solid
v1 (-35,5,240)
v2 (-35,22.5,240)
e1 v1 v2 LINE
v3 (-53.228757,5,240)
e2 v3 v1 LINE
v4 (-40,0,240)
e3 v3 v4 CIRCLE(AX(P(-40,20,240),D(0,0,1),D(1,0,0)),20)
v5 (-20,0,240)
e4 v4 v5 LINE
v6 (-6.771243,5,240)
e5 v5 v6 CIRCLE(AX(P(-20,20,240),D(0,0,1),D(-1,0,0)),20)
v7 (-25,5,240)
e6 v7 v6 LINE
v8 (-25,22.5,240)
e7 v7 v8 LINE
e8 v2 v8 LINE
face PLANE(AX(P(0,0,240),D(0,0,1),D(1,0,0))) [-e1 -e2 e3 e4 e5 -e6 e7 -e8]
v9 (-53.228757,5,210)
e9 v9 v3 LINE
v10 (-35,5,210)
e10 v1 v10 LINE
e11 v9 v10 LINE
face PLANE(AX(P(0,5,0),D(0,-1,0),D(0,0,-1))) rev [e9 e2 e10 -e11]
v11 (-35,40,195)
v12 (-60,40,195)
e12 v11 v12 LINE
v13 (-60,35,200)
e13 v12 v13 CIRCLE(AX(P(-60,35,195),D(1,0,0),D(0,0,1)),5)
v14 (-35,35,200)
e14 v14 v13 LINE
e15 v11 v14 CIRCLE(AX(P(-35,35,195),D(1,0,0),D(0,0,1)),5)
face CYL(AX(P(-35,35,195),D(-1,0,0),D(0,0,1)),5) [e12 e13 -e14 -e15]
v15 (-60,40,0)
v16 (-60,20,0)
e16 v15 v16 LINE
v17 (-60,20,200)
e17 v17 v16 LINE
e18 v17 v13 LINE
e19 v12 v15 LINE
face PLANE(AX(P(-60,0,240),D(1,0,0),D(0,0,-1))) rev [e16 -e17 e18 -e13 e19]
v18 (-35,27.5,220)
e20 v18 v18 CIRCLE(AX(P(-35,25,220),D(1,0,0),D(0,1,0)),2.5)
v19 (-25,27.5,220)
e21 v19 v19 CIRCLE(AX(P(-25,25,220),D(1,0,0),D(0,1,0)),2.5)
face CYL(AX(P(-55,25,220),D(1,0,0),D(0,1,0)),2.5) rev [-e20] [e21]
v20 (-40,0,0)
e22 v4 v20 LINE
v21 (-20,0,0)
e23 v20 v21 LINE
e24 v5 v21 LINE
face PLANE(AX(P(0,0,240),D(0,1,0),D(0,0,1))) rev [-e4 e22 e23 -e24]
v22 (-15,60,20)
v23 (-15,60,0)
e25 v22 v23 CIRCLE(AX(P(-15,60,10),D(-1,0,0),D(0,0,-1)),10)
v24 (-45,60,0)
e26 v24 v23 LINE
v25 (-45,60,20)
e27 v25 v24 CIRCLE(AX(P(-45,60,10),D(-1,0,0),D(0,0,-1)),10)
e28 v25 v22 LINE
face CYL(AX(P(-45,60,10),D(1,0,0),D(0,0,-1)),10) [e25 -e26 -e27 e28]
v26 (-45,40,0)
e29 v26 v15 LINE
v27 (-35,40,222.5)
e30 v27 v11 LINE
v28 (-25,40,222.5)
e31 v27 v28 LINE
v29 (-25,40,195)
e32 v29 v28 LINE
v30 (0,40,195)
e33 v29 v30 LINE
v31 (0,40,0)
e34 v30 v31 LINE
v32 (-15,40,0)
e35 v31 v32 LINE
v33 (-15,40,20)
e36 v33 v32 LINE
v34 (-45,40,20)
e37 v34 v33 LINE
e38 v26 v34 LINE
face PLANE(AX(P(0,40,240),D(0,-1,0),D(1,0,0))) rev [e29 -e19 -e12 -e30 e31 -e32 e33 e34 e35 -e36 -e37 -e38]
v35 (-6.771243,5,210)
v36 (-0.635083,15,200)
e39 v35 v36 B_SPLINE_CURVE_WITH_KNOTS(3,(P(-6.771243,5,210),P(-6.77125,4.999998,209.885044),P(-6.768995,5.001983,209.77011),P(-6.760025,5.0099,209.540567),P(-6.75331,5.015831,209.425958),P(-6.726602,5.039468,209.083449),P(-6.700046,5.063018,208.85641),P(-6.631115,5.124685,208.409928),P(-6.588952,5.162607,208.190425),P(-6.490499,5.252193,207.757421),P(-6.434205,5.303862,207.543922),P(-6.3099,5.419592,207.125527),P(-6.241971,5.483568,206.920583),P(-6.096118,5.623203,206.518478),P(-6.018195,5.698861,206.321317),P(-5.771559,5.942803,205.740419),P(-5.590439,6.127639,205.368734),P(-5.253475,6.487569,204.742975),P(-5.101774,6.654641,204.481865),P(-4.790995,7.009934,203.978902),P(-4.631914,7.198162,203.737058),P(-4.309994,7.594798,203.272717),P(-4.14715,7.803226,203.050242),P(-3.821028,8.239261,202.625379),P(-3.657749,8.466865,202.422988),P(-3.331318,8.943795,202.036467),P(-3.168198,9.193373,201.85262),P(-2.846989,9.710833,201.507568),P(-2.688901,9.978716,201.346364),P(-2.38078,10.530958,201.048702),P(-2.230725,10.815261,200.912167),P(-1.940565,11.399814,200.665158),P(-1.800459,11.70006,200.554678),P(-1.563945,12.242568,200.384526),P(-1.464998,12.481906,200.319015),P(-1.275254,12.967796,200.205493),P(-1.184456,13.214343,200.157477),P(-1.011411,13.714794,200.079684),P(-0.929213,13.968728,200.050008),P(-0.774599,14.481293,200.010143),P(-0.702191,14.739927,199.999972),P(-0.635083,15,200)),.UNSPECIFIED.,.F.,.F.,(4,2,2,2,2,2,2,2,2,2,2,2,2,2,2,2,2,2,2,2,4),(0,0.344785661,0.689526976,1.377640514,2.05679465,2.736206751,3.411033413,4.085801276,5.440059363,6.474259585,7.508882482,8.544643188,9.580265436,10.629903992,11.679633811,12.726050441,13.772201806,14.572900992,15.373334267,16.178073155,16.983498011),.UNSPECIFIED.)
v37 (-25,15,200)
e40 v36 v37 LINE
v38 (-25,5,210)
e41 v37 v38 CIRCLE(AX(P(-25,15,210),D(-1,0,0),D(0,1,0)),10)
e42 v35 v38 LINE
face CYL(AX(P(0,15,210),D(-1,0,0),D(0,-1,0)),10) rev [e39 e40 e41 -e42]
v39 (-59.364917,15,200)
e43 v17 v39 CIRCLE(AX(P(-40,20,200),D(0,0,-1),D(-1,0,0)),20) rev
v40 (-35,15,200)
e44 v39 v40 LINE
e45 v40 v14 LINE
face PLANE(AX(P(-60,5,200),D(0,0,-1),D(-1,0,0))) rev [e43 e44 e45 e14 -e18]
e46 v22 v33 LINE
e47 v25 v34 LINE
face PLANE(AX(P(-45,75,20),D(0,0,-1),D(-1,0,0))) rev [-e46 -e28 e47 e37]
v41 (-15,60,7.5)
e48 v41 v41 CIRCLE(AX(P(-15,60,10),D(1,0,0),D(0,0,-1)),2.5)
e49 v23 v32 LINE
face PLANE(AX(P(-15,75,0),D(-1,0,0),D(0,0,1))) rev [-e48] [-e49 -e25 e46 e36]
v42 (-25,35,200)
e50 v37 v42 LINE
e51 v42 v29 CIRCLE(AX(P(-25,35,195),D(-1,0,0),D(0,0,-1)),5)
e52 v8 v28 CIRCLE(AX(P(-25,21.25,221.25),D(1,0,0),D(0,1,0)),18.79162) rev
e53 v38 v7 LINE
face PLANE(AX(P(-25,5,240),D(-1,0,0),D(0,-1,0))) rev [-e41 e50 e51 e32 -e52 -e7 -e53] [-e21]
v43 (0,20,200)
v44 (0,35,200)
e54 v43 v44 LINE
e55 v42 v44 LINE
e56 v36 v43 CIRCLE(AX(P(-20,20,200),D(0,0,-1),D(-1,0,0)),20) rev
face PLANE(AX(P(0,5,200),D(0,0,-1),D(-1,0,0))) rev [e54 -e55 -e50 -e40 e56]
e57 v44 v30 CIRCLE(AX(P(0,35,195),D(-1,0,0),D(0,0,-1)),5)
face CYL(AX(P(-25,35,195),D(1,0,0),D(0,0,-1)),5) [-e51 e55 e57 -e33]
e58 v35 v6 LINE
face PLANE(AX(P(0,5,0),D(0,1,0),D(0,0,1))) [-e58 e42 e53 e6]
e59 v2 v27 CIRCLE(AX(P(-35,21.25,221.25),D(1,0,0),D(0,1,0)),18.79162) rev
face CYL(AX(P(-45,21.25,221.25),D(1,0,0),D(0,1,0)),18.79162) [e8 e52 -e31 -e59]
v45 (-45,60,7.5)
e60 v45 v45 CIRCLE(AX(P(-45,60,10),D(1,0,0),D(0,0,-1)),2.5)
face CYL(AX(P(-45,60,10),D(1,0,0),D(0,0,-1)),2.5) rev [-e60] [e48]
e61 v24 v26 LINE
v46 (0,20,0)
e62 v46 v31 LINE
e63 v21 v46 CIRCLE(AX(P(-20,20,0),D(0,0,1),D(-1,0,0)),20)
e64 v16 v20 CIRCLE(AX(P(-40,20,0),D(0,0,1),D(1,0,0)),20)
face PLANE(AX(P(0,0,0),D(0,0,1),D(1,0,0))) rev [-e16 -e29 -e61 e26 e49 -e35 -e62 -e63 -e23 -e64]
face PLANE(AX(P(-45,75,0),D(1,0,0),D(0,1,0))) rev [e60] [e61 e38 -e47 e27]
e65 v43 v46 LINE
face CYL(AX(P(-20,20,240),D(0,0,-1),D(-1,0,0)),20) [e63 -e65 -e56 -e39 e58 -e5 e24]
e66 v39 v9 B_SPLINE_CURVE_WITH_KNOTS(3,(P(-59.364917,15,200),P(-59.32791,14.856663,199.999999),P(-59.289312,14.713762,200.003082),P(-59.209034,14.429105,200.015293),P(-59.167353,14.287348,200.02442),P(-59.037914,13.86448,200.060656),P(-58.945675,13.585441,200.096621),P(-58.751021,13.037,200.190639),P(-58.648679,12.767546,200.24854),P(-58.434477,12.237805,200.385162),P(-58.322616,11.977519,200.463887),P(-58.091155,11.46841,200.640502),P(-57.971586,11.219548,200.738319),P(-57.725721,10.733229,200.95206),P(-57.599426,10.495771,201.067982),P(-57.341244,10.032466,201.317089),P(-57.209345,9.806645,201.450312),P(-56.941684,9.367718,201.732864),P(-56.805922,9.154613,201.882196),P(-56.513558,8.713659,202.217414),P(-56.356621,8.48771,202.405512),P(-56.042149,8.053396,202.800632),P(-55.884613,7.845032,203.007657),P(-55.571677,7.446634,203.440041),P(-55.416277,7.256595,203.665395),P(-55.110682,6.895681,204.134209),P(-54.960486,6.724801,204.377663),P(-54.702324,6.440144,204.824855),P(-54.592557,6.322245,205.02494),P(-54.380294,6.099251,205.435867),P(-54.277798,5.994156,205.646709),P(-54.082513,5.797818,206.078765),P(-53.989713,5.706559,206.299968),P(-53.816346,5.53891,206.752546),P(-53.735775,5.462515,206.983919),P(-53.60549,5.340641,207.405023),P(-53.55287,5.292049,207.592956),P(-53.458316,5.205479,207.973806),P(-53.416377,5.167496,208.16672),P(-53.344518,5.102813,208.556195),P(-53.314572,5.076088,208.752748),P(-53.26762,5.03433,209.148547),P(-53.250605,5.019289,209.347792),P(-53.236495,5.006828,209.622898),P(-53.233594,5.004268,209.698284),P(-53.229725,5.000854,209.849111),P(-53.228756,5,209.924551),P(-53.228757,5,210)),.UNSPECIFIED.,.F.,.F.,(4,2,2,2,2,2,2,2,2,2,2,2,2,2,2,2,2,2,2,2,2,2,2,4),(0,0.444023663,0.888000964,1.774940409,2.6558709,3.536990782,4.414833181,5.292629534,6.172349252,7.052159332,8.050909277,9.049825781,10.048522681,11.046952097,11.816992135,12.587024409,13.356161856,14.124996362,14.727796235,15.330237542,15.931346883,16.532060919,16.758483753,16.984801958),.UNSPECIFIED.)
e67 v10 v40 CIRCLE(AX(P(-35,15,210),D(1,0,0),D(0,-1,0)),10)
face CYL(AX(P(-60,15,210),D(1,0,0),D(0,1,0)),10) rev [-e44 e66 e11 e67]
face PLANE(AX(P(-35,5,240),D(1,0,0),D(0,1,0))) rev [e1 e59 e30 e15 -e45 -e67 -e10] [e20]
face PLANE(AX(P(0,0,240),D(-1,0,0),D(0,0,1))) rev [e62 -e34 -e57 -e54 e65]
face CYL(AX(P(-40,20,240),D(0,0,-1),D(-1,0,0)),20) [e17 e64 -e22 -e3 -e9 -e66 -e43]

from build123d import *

# Parameters (mm, degrees)
SKETCH1_W           = 60
SKETCH1_H           = 40
BOSS_EXTRUDE1_DEPTH = 240
SKETCH2_W           = 25
SKETCH2_H           = 40
CUT_EXTRUDE1_DEPTH  = 35
BOSS_EXTRUDE7_DEPTH = 25
BOSS_EXTRUDE5_START = 25
BOSS_EXTRUDE5_DEPTH = 25
SKETCH3_W           = 30
SKETCH3_H           = 20
BOSS_EXTRUDE2_DEPTH = 35
SKETCH5_R           = 2.5
CUT_EXTRUDE3_DEPTH  = 30
CUT_EXTRUDE4_DEPTH  = 240
CUT_EXTRUDE5_DEPTH  = 20
CUT_EXTRUDE6_DEPTH  = 25
CUT_EXTRUDE7_START  = -25
CUT_EXTRUDE7_DEPTH  = 25
SKETCH19_R          = 2.5
CUT_EXTRUDE8_DEPTH  = 30
CUT_EXTRUDE9_DEPTH  = 30


with BuildPart() as part:
    # Sketch1 → Boss-Extrude1 (new body)
    with BuildSketch(Plane.XY):
        with Locations((-30, 20)):
            Rectangle(SKETCH1_W, SKETCH1_H)
    extrude(amount=BOSS_EXTRUDE1_DEPTH)

    # Sketch2 → Cut-Extrude1 (cut)
    with BuildSketch(Plane(origin=(0, 40, 0), x_dir=(1, 0, 0), z_dir=(0, 1, 0))):
        with Locations((-47.5, -220)):
            Rectangle(SKETCH2_W, SKETCH2_H)
        with Locations((-12.5, -220)):
            Rectangle(SKETCH2_W, SKETCH2_H)
    extrude(amount=-CUT_EXTRUDE1_DEPTH, mode=Mode.SUBTRACT)

    # Sketch18 → Boss-Extrude7 (add)
    with BuildSketch(Plane(origin=(-25, 0, 0), x_dir=(0, 0, -1), z_dir=(1, 0, 0))):
        with BuildLine():
            Line((-200, 5), (-210, 5))
            ThreePointArc((-210, 5), (-202.928932188, 7.928932188), (-200, 15))
            Line((-200, 15), (-200, 5))
        make_face()
    extrude(amount=BOSS_EXTRUDE7_DEPTH)

    # Sketch16 → Boss-Extrude5 (add)
    with BuildSketch(Plane.ZY.offset(35).offset(BOSS_EXTRUDE5_START)):
        with BuildLine():
            Line((200, 15), (160, 5))
            Line((160, 5), (210, 5))
            ThreePointArc((210, 5), (202.928932188, 7.928932188), (200, 15))
        make_face()
    extrude(amount=-BOSS_EXTRUDE5_DEPTH)

    # Sketch3 → Boss-Extrude2 (add)
    with BuildSketch(Plane(origin=(0, 40, 0), x_dir=(1, 0, 0), z_dir=(0, 1, 0))):
        with Locations((-30, -10)):
            Rectangle(SKETCH3_W, SKETCH3_H)
    extrude(amount=BOSS_EXTRUDE2_DEPTH)

    # Sketch5 → Cut-Extrude3 (cut)
    with BuildSketch(Plane(origin=(-25, 0, 0), x_dir=(0, 0, -1), z_dir=(1, 0, 0))):
        with Locations((-220, 25)):
            Circle(SKETCH5_R)
    extrude(amount=-CUT_EXTRUDE3_DEPTH, mode=Mode.SUBTRACT)

    # Sketch6 → Cut-Extrude4 (cut)
    with BuildSketch(Plane(origin=(0, 0, 0), x_dir=(-1, 0, 0), z_dir=(0, 0, -1))):
        with BuildLine():
            Line((60, 20), (60, 0))
            Line((60, 0), (40, 0))
            ThreePointArc((40, 0), (54.142135624, 5.857864376), (60, 20))
        make_face()
        with BuildLine():
            Line((0, 20), (0, 0))
            Line((0, 0), (20, 0))
            ThreePointArc((20, 0), (5.857864376, 5.857864376), (0, 20))
        make_face()
    extrude(amount=-CUT_EXTRUDE4_DEPTH, mode=Mode.SUBTRACT)

    # Sketch8 → Cut-Extrude5 (cut)
    with BuildSketch(Plane(origin=(-25, 0, 0), x_dir=(0, 0, -1), z_dir=(1, 0, 0))):
        with BuildLine():
            Line((-240, 40), (-240, 22.5))
            ThreePointArc((-240, 22.5), (-234.537682266, 34.537682266), (-222.5, 40))
            Line((-222.5, 40), (-240, 40))
        make_face()
    extrude(amount=-CUT_EXTRUDE5_DEPTH, mode=Mode.SUBTRACT)

    # Sketch10 → Cut-Extrude6 (cut)
    with BuildSketch(Plane(origin=(0, 0, 0), x_dir=(0, 0, -1), z_dir=(1, 0, 0))):
        with BuildLine():
            Line((-200, 40), (-195, 40))
            ThreePointArc((-195, 40), (-198.535533906, 38.535533906), (-200, 35))
            Line((-200, 35), (-200, 40))
        make_face()
    extrude(amount=-CUT_EXTRUDE6_DEPTH, mode=Mode.SUBTRACT)

    # Sketch11 → Cut-Extrude7 (cut)
    with BuildSketch(Plane.ZY.offset(60).offset(CUT_EXTRUDE7_START)):
        with BuildLine():
            Line((200, 40), (195, 40))
            ThreePointArc((195, 40), (198.535533906, 38.535533906), (200, 35))
            Line((200, 35), (200, 40))
        make_face()
    extrude(amount=CUT_EXTRUDE7_DEPTH, mode=Mode.SUBTRACT)

    # Sketch19 → Cut-Extrude8 (cut)
    with BuildSketch(Plane(origin=(-15, 0, 0), x_dir=(0, 0, -1), z_dir=(1, 0, 0))):
        with Locations((-10, 60)):
            Circle(SKETCH19_R)
    extrude(amount=-CUT_EXTRUDE8_DEPTH, mode=Mode.SUBTRACT)

    # Sketch20 → Cut-Extrude9 (cut)
    with BuildSketch(Plane(origin=(-15, 0, 0), x_dir=(0, 0, -1), z_dir=(1, 0, 0))):
        with BuildLine():
            Line((-20, 75), (0, 75))
            Line((0, 75), (0, 60))
            ThreePointArc((0, 60), (-10, 70), (-20, 60))
            Line((-20, 60), (-20, 75))
        make_face()
    extrude(amount=-CUT_EXTRUDE9_DEPTH, mode=Mode.SUBTRACT)


solid = part.part
